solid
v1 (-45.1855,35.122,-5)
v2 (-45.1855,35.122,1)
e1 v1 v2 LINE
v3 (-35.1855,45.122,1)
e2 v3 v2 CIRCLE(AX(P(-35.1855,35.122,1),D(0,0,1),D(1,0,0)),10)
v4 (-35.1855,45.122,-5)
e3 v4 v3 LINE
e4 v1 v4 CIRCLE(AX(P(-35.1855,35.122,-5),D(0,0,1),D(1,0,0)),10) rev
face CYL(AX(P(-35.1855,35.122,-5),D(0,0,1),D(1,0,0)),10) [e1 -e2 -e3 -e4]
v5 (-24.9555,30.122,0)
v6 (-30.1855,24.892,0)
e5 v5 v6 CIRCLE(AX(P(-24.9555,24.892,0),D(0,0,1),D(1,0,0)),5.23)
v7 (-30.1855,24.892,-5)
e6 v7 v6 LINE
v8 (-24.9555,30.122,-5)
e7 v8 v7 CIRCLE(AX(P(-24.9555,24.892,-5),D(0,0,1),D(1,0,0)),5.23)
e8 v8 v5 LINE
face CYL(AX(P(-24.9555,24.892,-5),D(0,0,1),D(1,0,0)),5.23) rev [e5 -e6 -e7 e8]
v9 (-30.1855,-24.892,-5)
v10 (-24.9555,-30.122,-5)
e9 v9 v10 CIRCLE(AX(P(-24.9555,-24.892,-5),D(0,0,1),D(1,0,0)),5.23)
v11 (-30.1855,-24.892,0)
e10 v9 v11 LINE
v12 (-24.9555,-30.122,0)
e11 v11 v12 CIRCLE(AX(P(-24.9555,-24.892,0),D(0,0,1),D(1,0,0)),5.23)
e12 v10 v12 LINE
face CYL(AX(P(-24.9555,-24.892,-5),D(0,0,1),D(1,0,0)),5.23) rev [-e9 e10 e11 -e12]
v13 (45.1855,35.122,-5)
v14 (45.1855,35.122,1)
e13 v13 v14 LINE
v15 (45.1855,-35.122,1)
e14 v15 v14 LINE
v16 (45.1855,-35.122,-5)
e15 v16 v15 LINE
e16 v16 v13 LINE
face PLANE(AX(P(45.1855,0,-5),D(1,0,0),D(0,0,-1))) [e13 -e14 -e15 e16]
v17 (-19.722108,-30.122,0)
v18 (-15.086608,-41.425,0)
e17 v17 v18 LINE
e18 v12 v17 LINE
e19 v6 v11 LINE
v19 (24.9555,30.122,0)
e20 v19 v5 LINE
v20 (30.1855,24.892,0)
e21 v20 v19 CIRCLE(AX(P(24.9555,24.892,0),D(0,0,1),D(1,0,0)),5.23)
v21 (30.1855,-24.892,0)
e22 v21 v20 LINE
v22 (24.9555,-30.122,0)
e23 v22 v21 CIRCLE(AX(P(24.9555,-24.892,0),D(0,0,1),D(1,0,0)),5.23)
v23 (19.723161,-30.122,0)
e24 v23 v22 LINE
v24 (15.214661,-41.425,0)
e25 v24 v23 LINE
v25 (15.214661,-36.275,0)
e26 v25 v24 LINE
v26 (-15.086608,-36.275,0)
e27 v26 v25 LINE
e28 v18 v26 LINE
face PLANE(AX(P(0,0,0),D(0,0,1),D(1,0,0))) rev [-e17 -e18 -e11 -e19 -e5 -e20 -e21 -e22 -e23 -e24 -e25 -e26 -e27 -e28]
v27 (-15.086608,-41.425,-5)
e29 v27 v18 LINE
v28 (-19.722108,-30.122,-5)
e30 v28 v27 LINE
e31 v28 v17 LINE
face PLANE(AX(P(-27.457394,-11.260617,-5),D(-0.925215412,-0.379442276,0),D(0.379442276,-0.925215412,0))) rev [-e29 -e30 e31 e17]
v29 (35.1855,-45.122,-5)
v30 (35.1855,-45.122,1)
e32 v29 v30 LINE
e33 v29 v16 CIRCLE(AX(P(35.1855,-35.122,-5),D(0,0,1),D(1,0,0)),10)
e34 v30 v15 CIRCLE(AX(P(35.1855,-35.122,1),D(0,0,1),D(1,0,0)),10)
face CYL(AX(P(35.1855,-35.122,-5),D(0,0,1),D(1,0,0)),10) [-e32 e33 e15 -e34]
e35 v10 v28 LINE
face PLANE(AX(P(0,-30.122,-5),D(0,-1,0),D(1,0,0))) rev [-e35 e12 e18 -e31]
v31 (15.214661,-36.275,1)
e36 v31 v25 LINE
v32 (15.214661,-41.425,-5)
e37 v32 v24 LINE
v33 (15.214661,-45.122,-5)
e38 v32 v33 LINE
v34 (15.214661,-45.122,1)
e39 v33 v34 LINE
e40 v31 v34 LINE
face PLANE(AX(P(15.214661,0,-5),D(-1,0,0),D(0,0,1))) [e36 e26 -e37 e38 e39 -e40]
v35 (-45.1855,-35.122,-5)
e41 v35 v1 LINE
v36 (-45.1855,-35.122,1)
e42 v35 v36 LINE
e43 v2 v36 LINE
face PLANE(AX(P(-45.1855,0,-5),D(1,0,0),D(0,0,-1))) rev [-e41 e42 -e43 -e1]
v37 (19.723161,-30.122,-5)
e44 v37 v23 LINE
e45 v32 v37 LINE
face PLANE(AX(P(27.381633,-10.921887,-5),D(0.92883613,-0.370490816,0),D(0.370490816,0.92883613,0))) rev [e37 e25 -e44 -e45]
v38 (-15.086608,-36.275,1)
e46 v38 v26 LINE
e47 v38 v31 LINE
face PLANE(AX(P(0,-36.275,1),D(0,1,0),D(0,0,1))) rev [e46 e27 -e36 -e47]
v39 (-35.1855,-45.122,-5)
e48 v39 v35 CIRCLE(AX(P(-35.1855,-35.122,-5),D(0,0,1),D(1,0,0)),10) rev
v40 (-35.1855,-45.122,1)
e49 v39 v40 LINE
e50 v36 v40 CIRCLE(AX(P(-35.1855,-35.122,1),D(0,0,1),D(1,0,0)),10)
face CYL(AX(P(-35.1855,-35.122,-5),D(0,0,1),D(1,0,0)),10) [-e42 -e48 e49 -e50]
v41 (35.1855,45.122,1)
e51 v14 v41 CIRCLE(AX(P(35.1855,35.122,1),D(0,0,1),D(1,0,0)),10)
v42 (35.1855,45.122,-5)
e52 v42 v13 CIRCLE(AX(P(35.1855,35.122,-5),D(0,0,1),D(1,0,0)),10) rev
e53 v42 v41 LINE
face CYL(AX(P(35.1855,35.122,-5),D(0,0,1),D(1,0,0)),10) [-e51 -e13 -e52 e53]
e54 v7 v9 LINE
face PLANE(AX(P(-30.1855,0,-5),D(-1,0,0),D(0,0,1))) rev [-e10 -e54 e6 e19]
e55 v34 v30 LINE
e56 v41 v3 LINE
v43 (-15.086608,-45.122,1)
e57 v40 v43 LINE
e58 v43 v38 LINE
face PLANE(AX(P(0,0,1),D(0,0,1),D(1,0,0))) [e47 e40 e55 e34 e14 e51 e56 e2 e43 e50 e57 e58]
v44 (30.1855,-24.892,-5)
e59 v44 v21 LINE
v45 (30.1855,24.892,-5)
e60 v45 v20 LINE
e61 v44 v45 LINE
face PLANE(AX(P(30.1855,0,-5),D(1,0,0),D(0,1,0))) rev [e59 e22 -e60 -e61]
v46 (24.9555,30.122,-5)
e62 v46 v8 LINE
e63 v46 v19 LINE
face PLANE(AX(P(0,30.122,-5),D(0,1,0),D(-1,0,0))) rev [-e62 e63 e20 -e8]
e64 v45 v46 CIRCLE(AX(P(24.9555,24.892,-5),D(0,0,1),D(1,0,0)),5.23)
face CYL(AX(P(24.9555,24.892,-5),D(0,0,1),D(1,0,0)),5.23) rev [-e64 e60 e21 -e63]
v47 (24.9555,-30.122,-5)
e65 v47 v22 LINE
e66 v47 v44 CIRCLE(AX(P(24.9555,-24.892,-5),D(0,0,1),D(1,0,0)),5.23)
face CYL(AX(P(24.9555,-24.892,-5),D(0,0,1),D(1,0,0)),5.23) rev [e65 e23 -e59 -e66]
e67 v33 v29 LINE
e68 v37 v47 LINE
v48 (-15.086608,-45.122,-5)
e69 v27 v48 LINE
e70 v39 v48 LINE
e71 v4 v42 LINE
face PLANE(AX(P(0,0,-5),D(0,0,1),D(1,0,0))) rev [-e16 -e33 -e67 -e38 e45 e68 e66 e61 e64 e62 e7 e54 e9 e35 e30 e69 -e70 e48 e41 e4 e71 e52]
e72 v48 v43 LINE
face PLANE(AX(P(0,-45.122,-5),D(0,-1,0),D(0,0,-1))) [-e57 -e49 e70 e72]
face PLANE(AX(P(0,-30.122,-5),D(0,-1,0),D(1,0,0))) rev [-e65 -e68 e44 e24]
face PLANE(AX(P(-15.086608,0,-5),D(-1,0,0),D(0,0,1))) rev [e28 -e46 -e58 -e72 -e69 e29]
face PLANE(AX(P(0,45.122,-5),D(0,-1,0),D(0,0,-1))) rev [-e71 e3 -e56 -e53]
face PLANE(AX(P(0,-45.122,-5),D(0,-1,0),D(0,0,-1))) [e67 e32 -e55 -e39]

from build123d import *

# Parameters (mm, degrees)
BOSS_EXTRUDE1_DEPTH = 5
BOSS_EXTRUDE2_DEPTH = 1


with BuildPart() as part:
    # Sketch1 → Boss-Extrude1 (new body)
    with BuildSketch(Plane.XY):
        with BuildLine():
            Line((19.723160965, -30.122), (15.214660965, -41.425))
            Line((15.214660965, -41.425), (15.214660965, -45.122))
            Line((15.214660965, -45.122), (35.1855, -45.122))
            ThreePointArc((35.1855, -45.122), (42.256567812, -42.193067812), (45.1855, -35.122))
            Line((45.1855, -35.122), (45.1855, -30.122))
            Line((45.1855, -30.122), (45.1855, 35.122))
            ThreePointArc((45.1855, 35.122), (42.256567812, 42.193067812), (35.1855, 45.122))
            Line((35.1855, 45.122), (-35.1855, 45.122))
            ThreePointArc((-35.1855, 45.122), (-42.256567812, 42.193067812), (-45.1855, 35.122))
            Line((-45.1855, 35.122), (-45.1855, -30.122))
            Line((-45.1855, -30.122), (-45.1855, -35.122))
            ThreePointArc((-45.1855, -35.122), (-42.256567812, -42.193067812), (-35.1855, -45.122))
            Line((-35.1855, -45.122), (-15.086607553, -45.122))
            Line((-15.086607553, -45.122), (-15.086607553, -41.425))
            Line((-15.086607553, -41.425), (-19.722107553, -30.122))
            Line((-19.722107553, -30.122), (-24.9555, -30.122))
            ThreePointArc((-24.9555, -30.122), (-28.653668466, -28.590168466), (-30.1855, -24.892))
            Line((-30.1855, -24.892), (-30.1855, 24.892))
            ThreePointArc((-30.1855, 24.892), (-28.653668466, 28.590168466), (-24.9555, 30.122))
            Line((-24.9555, 30.122), (24.9555, 30.122))
            ThreePointArc((24.9555, 30.122), (28.653668466, 28.590168466), (30.1855, 24.892))
            Line((30.1855, 24.892), (30.1855, -24.892))
            ThreePointArc((30.1855, -24.892), (28.653668466, -28.590168466), (24.9555, -30.122))
            Line((24.9555, -30.122), (19.723160965, -30.122))
        make_face()
    extrude(amount=-BOSS_EXTRUDE1_DEPTH)

    # Sketch2 → Boss-Extrude2 (add)
    with BuildSketch(Plane.XY):
        with BuildLine():
            Line((-24.9555, 30.122), (24.9555, 30.122))
            ThreePointArc((24.9555, 30.122), (28.653668466, 28.590168466), (30.1855, 24.892))
            Line((30.1855, 24.892), (30.1855, -24.892))
            ThreePointArc((30.1855, -24.892), (28.653668466, -28.590168466), (24.9555, -30.122))
            Line((24.9555, -30.122), (19.723160965, -30.122))
            Line((19.723160965, -30.122), (15.214660965, -41.425))
            Line((15.214660965, -41.425), (15.214660965, -45.122))
            Line((15.214660965, -45.122), (35.1855, -45.122))
            ThreePointArc((35.1855, -45.122), (42.256567812, -42.193067812), (45.1855, -35.122))
            Line((45.1855, -35.122), (45.1855, 35.122))
            ThreePointArc((45.1855, 35.122), (42.256567812, 42.193067812), (35.1855, 45.122))
            Line((35.1855, 45.122), (-35.1855, 45.122))
            ThreePointArc((-35.1855, 45.122), (-42.256567812, 42.193067812), (-45.1855, 35.122))
            Line((-45.1855, 35.122), (-45.1855, -35.122))
            ThreePointArc((-45.1855, -35.122), (-42.256567812, -42.193067812), (-35.1855, -45.122))
            Line((-35.1855, -45.122), (-15.086607553, -45.122))
            Line((-15.086607553, -45.122), (-15.086607553, -41.425))
            Line((-15.086607553, -41.425), (-19.722107553, -30.122))
            Line((-19.722107553, -30.122), (-24.9555, -30.122))
            ThreePointArc((-24.9555, -30.122), (-28.653668466, -28.590168466), (-30.1855, -24.892))
            Line((-30.1855, -24.892), (-30.1855, 24.892))
            ThreePointArc((-30.1855, 24.892), (-28.653668466, 28.590168466), (-24.9555, 30.122))
        make_face()
        with BuildLine():
            Line((-19.722107553, -30.122), (-15.086607553, -41.425))
            Line((-15.086607553, -41.425), (-15.086607553, -36.275))
            Line((-15.086607553, -36.275), (15.214660965, -36.275))
            Line((15.214660965, -36.275), (15.214660965, -41.425))
            Line((15.214660965, -41.425), (19.723160965, -30.122))
            Line((19.723160965, -30.122), (24.9555, -30.122))
            ThreePointArc((24.9555, -30.122), (28.653668466, -28.590168466), (30.1855, -24.892))
            Line((30.1855, -24.892), (30.1855, 24.892))
            ThreePointArc((30.1855, 24.892), (28.653668466, 28.590168466), (24.9555, 30.122))
            Line((24.9555, 30.122), (-24.9555, 30.122))
            ThreePointArc((-24.9555, 30.122), (-28.653668466, 28.590168466), (-30.1855, 24.892))
            Line((-30.1855, 24.892), (-30.1855, -24.892))
            ThreePointArc((-30.1855, -24.892), (-28.653668466, -28.590168466), (-24.9555, -30.122))
            Line((-24.9555, -30.122), (-19.722107553, -30.122))
        make_face()
    extrude(amount=BOSS_EXTRUDE2_DEPTH)


solid = part.part
